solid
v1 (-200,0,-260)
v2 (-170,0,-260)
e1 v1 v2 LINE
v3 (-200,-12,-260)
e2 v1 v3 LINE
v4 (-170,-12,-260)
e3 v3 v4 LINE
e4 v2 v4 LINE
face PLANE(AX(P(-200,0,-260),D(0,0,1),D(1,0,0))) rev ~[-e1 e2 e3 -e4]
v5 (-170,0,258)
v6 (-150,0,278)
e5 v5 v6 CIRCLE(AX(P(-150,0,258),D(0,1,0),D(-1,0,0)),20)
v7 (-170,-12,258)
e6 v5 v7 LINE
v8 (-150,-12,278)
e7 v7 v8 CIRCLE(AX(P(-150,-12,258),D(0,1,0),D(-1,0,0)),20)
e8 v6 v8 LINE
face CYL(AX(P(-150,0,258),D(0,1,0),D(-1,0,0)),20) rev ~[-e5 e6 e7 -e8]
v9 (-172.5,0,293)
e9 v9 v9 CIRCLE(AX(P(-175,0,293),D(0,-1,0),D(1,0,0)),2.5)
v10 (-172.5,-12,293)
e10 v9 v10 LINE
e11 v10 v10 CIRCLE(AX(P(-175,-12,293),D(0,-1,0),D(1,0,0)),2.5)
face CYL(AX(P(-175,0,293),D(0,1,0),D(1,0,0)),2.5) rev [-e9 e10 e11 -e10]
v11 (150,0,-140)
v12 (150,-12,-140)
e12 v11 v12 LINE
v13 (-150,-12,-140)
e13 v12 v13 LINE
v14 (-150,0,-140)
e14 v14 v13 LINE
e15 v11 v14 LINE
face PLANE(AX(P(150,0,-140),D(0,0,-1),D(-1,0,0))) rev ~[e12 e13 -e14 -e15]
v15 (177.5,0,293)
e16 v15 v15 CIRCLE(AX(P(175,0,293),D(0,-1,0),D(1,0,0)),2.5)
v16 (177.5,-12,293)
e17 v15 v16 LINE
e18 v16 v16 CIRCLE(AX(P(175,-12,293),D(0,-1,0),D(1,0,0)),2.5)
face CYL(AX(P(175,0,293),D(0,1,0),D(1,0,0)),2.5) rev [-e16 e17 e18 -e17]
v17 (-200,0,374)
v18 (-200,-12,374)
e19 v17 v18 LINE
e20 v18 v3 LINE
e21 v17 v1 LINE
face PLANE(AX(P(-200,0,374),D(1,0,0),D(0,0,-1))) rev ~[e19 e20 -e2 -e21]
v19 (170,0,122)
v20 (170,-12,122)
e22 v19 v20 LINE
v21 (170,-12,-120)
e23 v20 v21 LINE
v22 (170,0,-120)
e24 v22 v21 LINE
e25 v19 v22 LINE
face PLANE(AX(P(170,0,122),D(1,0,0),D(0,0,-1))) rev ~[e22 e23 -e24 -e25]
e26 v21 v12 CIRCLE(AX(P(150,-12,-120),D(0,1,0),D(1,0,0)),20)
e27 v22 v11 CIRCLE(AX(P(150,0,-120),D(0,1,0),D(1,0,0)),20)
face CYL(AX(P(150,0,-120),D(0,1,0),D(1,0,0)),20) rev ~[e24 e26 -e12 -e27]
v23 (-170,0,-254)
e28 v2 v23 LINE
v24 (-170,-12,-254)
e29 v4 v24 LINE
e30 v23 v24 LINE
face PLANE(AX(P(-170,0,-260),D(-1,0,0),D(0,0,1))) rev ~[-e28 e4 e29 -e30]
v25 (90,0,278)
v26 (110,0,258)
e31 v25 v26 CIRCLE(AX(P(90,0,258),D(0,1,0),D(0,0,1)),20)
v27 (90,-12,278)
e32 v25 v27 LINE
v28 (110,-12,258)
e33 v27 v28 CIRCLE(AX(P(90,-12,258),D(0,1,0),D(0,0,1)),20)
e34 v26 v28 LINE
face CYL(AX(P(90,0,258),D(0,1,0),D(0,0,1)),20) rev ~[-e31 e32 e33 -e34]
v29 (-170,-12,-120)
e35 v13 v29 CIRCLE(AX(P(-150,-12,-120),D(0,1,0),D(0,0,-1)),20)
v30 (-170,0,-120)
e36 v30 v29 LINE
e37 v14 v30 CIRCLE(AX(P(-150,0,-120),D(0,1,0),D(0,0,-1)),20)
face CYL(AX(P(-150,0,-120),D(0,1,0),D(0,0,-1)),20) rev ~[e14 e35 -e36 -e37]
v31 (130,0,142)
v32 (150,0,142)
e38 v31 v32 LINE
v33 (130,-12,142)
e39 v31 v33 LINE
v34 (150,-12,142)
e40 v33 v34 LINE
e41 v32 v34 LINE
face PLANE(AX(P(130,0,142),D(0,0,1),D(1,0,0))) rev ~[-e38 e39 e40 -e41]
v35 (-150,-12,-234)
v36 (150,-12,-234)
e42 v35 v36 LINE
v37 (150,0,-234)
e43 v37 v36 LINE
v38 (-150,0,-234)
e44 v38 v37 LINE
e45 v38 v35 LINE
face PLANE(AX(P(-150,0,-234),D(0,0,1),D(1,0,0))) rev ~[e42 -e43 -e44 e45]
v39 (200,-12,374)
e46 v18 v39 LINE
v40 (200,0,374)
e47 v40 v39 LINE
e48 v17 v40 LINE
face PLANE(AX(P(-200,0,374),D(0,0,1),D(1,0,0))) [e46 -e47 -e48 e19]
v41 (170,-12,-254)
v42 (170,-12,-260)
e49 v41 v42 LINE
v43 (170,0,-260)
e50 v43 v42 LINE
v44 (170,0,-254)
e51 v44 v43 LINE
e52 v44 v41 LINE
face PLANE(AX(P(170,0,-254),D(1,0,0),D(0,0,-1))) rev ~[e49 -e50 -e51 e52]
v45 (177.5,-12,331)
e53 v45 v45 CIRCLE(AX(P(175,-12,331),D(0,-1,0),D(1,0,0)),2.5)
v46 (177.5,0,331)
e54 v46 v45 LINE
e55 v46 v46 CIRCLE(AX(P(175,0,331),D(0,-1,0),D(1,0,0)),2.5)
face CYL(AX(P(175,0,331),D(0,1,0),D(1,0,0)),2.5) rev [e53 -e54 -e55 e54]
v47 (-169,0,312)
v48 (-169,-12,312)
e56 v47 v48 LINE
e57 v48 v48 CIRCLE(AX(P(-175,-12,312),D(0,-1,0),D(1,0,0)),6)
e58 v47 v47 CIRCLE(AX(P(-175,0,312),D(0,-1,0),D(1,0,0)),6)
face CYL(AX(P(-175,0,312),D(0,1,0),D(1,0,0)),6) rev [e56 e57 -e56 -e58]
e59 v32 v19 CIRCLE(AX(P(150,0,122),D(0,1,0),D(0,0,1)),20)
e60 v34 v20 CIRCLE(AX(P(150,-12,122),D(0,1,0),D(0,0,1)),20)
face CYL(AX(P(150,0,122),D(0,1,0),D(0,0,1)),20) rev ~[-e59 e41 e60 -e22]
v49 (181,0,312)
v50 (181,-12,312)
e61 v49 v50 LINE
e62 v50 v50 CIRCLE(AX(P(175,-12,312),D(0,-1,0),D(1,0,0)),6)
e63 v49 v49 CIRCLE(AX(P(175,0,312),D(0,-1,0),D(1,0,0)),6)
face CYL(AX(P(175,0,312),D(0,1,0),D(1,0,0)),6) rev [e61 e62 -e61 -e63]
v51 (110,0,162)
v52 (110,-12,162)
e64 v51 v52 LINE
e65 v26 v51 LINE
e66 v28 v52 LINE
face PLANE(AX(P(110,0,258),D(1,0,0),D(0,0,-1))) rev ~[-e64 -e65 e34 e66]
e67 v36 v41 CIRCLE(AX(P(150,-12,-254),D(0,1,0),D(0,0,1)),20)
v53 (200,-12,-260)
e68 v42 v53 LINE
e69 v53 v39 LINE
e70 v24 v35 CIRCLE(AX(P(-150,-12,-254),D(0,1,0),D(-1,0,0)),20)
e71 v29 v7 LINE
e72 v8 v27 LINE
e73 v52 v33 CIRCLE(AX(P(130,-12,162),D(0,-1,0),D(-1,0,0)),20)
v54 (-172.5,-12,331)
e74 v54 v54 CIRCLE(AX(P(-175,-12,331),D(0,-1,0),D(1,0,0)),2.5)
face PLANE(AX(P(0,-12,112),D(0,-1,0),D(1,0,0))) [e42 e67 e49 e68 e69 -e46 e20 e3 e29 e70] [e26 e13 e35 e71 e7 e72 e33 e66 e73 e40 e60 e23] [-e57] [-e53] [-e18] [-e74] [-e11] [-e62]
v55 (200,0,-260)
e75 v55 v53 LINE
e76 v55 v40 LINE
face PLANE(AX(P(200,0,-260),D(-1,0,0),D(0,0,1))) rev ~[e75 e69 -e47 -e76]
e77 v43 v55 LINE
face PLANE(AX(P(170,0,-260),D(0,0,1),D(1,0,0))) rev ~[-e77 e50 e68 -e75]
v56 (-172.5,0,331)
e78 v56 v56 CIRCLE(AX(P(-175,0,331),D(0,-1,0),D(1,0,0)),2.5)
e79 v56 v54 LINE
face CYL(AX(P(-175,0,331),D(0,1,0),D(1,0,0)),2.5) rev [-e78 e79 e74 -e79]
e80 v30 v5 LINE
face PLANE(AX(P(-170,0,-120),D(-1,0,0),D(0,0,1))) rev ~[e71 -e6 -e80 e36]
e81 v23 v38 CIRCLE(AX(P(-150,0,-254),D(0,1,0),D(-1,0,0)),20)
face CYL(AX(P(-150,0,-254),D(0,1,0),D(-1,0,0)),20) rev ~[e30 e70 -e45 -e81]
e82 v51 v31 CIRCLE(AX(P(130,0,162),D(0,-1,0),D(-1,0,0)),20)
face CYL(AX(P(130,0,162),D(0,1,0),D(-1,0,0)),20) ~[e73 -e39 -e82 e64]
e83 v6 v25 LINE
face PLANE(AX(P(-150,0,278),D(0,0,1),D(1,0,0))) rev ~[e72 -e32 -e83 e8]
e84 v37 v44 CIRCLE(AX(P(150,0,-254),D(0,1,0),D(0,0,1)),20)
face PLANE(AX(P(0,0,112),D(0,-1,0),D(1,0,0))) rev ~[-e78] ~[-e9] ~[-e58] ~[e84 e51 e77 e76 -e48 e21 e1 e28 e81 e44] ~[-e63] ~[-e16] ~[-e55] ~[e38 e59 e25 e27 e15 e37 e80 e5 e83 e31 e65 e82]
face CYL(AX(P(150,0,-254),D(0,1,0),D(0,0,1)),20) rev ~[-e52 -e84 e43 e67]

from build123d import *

# Parameters (mm, degrees)
F1_W     = 400
F1_H     = 524
F1_R     = 2.5
F1_R_2   = 6
F1_H_2   = 12
F1_H_3   = 60
F2_DEPTH = 12


with BuildPart() as f2:
    # F1 (on Front) → F2 (new body)
    with BuildSketch(Plane.XZ):
        with Locations((0, 112)):
            Rectangle(F1_W, F1_H)
        with Locations((-175, 293)):
            Circle(F1_R, mode=Mode.SUBTRACT)
        with Locations((-175, 312)):
            Circle(F1_R_2, mode=Mode.SUBTRACT)
        with Locations((-175, 331)):
            Circle(F1_R, mode=Mode.SUBTRACT)
        with BuildLine():
            Line((-150, 278), (90, 278))
            ThreePointArc((90, 278), (104.1421356237, 272.1421356237), (110, 258))
            Line((110, 258), (110, 162))
            ThreePointArc((110, 162), (115.8578643763, 147.8578643763), (130, 142))
            Line((130, 142), (150, 142))
            ThreePointArc((150, 142), (164.1421356237, 136.1421356237), (170, 122))
            Line((170, 122), (170, -120))
            ThreePointArc((170, -120), (164.1421356237, -134.1421356237), (150, -140))
            Line((150, -140), (-150, -140))
            ThreePointArc((-150, -140), (-164.1421356237, -134.1421356237), (-170, -120))
            Line((-170, -120), (-170, 258))
            ThreePointArc((-170, 258), (-164.1421356237, 272.1421356237), (-150, 278))
        make_face(mode=Mode.SUBTRACT)
        with Locations((175, 293)):
            Circle(F1_R, mode=Mode.SUBTRACT)
        with Locations((175, 312)):
            Circle(F1_R_2, mode=Mode.SUBTRACT)
        with Locations((175, 331)):
            Circle(F1_R, mode=Mode.SUBTRACT)
        with Locations((0, -156)):
            Rectangle(F1_W, F1_H_2)
        with Locations((0, -192)):
            Rectangle(F1_W, F1_H_3)
        Polygon((200, -234), (200, -222), (-200, -222), (-200, -234), (-150, -234), (150, -234), align=None)
        with BuildLine():
            Line((200, -260), (200, -234))
            Line((200, -234), (150, -234))
            ThreePointArc((150, -234), (164.1421356237, -239.8578643763), (170, -254))
            Line((170, -254), (170, -260))
            Line((170, -260), (200, -260))
        make_face()
        with BuildLine():
            Line((-150, -234), (-200, -234))
            Line((-200, -234), (-200, -260))
            Line((-200, -260), (-170, -260))
            Line((-170, -260), (-170, -254))
            ThreePointArc((-170, -254), (-164.1421356237, -239.8578643763), (-150, -234))
        make_face()
    extrude(amount=F2_DEPTH)


solid = f2.part
